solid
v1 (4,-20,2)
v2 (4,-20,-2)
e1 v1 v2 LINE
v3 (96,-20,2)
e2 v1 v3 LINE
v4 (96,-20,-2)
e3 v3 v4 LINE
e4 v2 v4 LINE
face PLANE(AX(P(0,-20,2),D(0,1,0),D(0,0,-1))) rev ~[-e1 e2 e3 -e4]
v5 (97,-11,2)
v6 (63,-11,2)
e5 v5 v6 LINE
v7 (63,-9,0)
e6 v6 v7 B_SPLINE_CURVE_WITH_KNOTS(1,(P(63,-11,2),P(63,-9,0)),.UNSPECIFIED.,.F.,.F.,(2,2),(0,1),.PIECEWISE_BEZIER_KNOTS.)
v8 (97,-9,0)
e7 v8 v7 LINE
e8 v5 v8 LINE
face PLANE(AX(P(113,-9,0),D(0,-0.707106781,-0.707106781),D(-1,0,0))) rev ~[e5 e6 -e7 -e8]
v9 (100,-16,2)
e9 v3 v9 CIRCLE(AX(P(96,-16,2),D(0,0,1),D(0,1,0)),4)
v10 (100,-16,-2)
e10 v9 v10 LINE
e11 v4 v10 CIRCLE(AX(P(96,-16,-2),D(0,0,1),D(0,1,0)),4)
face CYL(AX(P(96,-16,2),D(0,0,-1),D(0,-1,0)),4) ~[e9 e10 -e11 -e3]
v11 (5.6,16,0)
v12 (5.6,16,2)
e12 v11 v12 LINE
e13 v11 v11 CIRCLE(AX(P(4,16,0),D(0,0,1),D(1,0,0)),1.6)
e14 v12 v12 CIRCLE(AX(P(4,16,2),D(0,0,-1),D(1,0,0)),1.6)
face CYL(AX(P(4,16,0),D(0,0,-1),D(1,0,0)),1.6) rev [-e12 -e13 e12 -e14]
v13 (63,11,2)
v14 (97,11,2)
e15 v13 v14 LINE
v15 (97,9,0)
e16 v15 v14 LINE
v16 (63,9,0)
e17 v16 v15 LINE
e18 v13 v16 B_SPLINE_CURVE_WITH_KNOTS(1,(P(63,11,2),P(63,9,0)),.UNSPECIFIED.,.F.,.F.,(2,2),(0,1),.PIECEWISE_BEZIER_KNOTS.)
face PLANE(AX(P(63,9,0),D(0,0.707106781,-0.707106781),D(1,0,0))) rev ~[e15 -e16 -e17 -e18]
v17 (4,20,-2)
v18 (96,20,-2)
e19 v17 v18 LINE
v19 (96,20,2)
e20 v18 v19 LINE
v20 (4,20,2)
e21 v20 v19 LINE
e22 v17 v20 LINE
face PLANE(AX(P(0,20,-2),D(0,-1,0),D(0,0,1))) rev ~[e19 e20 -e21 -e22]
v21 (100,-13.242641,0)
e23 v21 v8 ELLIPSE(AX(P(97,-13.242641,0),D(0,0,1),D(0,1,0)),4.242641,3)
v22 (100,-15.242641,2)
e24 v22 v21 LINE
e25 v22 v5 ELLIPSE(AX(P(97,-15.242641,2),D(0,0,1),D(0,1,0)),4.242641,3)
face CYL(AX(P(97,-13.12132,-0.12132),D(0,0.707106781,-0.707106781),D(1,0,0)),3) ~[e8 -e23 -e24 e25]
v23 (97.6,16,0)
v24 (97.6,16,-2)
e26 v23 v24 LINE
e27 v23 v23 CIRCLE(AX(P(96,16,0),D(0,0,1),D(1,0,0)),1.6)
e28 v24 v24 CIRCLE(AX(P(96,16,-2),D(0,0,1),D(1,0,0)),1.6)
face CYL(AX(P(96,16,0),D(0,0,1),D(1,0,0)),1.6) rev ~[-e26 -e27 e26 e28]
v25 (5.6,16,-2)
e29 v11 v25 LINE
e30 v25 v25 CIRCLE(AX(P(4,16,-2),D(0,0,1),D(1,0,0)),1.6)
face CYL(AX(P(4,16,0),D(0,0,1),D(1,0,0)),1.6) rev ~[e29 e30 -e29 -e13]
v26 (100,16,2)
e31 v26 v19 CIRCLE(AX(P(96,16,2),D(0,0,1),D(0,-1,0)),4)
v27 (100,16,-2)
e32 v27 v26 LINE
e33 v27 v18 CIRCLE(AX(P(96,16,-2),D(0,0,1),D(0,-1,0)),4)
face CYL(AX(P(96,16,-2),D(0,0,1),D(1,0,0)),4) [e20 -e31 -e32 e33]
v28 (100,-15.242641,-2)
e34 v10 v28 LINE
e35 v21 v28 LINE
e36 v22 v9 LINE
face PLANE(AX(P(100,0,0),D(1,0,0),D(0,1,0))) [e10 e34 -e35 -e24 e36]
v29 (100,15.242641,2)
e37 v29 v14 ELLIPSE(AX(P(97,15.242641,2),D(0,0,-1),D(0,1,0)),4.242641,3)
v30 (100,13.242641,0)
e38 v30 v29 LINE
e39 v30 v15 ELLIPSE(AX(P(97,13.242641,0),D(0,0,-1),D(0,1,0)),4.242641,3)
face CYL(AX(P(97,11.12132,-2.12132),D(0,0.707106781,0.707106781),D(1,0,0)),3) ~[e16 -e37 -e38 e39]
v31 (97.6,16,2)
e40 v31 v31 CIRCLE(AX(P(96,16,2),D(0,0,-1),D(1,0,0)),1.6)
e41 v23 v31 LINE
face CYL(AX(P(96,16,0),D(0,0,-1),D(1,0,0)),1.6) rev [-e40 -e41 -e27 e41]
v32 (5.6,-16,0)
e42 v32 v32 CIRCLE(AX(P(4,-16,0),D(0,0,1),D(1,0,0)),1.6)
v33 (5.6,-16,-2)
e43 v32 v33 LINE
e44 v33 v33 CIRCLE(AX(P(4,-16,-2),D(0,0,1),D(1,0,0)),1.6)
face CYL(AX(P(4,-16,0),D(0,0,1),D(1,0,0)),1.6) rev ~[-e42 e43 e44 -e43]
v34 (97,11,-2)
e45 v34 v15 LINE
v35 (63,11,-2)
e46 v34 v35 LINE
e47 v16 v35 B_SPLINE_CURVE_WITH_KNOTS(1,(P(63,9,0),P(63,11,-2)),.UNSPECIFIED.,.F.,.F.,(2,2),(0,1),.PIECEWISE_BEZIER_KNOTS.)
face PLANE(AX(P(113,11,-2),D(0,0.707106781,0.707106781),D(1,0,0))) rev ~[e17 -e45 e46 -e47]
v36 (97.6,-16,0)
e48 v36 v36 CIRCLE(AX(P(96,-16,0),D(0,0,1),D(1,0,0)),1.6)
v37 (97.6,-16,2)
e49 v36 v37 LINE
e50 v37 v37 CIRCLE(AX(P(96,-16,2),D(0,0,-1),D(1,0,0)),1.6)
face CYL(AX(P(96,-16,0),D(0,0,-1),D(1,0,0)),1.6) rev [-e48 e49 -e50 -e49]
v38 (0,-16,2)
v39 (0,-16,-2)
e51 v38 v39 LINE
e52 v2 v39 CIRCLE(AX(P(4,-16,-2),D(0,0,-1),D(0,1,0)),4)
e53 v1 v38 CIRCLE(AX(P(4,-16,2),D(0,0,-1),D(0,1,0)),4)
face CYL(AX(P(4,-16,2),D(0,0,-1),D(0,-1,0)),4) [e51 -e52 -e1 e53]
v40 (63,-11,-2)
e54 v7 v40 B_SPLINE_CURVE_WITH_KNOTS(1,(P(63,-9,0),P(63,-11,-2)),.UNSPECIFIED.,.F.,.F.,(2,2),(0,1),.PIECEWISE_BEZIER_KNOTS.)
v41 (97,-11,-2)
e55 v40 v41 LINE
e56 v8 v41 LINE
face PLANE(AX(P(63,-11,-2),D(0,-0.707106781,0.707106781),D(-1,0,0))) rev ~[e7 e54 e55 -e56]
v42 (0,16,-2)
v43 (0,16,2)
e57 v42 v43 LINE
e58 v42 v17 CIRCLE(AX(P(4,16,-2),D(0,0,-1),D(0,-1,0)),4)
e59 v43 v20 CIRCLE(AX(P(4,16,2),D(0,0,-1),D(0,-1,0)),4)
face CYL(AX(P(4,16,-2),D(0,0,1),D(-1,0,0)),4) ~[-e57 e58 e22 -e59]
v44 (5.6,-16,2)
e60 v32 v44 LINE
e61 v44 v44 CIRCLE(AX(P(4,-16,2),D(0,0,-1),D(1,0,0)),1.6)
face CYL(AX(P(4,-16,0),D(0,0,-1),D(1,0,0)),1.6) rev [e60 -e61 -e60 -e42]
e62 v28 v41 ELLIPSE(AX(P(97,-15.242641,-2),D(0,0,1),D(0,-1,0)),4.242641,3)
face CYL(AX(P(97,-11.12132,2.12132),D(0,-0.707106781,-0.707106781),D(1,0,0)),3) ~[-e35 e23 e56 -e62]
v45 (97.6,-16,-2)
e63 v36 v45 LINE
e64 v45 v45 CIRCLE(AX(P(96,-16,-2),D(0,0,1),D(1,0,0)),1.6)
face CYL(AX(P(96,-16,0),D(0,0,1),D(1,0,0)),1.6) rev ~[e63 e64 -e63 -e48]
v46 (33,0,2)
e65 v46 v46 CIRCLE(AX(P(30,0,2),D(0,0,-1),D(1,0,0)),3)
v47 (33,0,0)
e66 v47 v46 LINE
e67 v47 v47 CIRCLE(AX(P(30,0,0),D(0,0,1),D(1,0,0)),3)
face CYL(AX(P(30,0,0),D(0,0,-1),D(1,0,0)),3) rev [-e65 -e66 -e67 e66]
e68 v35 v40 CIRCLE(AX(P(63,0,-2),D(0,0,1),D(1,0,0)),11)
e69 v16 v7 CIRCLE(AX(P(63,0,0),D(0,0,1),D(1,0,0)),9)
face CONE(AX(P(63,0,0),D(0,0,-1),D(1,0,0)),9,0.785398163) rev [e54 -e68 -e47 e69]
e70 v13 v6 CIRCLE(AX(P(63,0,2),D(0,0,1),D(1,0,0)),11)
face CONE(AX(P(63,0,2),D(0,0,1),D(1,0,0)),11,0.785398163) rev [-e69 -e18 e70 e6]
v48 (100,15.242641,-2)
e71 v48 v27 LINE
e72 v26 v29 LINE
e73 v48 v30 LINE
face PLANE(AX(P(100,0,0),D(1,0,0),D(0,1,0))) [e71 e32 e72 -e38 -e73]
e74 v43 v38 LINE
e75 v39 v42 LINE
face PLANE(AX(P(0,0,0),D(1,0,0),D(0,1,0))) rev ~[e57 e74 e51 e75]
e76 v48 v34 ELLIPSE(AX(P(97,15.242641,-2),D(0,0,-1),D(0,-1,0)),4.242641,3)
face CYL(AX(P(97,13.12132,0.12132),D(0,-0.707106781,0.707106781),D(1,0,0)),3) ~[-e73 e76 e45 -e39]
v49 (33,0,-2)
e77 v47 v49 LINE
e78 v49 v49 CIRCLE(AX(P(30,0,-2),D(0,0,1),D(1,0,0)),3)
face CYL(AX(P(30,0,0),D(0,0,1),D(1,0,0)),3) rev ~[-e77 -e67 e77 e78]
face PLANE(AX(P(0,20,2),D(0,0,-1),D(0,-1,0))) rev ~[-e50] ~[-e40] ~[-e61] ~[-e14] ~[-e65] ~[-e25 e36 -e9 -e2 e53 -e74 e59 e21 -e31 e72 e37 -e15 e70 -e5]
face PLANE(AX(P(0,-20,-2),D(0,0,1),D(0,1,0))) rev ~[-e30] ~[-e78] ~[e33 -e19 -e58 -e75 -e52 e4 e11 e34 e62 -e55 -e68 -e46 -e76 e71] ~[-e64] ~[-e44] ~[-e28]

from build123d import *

# Parameters (mm, degrees)
PAD_DEPTH         = 100
SKETCH001_R       = 3
SKETCH001_R_2     = 1.6
POCKET_DEPTH      = 2.001
POCKET_DEPTH_BACK = 2.001
SKETCH004_R       = 11
SKETCH003_R       = 9
SKETCH005_R       = 11
FILLET_R          = 4
FILLET001_R       = 3


with BuildPart() as part:
    # Sketch → Pad (new body)
    with BuildSketch(Plane.YZ):
        Polygon((0, 2), (-20, 2), (-20, 0), (-20, -2), (0, -2), (20, -2), (20, 0), (20, 2), align=None)
    extrude(amount=PAD_DEPTH)

    # Sketch001 → Pocket (cut, two sides)
    with BuildSketch(Plane.XY) as pocket_sk:
        with Locations((30, 0)):
            Circle(SKETCH001_R)
        with Locations((4, 16)):
            Circle(SKETCH001_R_2)
        with Locations((4, -16)):
            Circle(SKETCH001_R_2)
        with Locations((96, 16)):
            Circle(SKETCH001_R_2)
        with Locations((96, -16)):
            Circle(SKETCH001_R_2)
    extrude(amount=-POCKET_DEPTH, mode=Mode.SUBTRACT)
    extrude(pocket_sk.sketch, amount=POCKET_DEPTH_BACK, mode=Mode.SUBTRACT)

    # Sketch004 (on DatumPlane) → SubtractiveLoft section 0
    with BuildSketch(Plane.XY.offset(2)):
        with Locations((63, 0)):
            Circle(SKETCH004_R)
    # Sketch003 → SubtractiveLoft section 1
    with BuildSketch(Plane.XY):
        with Locations((63, 0)):
            Circle(SKETCH003_R)
    # Sketch005 (on DatumPlane) → SubtractiveLoft section 2
    with BuildSketch(Plane.XY.offset(-2)):
        with Locations((63, 0)):
            Circle(SKETCH005_R)
    loft(ruled=True, mode=Mode.SUBTRACT)

    # Sketch007 (on DatumPlane) → SubtractiveLoft001 section 0
    with BuildSketch(Plane.XY.offset(2)):
        Polygon((63, 0), (63, 11), (113, 11), (113, -11), (63, -11), align=None)
    # Sketch006 → SubtractiveLoft001 section 1
    with BuildSketch(Plane.XY):
        Polygon((63, 0), (63, 9), (113, 9), (113, -9), (63, -9), align=None)
    # Sketch008 (on DatumPlane) → SubtractiveLoft001 section 2
    with BuildSketch(Plane.XY.offset(-2)):
        Polygon((63, 11), (63, 0), (63, -11), (113, -11), (113, 11), align=None)
    loft(ruled=True, mode=Mode.SUBTRACT)

    # Fillet
    fillet_edges = [part.edges().sort_by_distance(p)[0] for p in [
        (100, -20, 1),
        (100, 20, 1),
        (0, 20, 1),
        (0, -20, 1),
    ]]
    fillet(fillet_edges, radius=FILLET_R)

    # Fillet001
    fillet001_edges = [part.edges().sort_by_distance(p)[0] for p in [
        (100, -10, 1),
        (100, -10, -1),
        (100, 10, 1),
        (100, 10, -1),
    ]]
    fillet(fillet001_edges, radius=FILLET001_R)


solid = part.part
